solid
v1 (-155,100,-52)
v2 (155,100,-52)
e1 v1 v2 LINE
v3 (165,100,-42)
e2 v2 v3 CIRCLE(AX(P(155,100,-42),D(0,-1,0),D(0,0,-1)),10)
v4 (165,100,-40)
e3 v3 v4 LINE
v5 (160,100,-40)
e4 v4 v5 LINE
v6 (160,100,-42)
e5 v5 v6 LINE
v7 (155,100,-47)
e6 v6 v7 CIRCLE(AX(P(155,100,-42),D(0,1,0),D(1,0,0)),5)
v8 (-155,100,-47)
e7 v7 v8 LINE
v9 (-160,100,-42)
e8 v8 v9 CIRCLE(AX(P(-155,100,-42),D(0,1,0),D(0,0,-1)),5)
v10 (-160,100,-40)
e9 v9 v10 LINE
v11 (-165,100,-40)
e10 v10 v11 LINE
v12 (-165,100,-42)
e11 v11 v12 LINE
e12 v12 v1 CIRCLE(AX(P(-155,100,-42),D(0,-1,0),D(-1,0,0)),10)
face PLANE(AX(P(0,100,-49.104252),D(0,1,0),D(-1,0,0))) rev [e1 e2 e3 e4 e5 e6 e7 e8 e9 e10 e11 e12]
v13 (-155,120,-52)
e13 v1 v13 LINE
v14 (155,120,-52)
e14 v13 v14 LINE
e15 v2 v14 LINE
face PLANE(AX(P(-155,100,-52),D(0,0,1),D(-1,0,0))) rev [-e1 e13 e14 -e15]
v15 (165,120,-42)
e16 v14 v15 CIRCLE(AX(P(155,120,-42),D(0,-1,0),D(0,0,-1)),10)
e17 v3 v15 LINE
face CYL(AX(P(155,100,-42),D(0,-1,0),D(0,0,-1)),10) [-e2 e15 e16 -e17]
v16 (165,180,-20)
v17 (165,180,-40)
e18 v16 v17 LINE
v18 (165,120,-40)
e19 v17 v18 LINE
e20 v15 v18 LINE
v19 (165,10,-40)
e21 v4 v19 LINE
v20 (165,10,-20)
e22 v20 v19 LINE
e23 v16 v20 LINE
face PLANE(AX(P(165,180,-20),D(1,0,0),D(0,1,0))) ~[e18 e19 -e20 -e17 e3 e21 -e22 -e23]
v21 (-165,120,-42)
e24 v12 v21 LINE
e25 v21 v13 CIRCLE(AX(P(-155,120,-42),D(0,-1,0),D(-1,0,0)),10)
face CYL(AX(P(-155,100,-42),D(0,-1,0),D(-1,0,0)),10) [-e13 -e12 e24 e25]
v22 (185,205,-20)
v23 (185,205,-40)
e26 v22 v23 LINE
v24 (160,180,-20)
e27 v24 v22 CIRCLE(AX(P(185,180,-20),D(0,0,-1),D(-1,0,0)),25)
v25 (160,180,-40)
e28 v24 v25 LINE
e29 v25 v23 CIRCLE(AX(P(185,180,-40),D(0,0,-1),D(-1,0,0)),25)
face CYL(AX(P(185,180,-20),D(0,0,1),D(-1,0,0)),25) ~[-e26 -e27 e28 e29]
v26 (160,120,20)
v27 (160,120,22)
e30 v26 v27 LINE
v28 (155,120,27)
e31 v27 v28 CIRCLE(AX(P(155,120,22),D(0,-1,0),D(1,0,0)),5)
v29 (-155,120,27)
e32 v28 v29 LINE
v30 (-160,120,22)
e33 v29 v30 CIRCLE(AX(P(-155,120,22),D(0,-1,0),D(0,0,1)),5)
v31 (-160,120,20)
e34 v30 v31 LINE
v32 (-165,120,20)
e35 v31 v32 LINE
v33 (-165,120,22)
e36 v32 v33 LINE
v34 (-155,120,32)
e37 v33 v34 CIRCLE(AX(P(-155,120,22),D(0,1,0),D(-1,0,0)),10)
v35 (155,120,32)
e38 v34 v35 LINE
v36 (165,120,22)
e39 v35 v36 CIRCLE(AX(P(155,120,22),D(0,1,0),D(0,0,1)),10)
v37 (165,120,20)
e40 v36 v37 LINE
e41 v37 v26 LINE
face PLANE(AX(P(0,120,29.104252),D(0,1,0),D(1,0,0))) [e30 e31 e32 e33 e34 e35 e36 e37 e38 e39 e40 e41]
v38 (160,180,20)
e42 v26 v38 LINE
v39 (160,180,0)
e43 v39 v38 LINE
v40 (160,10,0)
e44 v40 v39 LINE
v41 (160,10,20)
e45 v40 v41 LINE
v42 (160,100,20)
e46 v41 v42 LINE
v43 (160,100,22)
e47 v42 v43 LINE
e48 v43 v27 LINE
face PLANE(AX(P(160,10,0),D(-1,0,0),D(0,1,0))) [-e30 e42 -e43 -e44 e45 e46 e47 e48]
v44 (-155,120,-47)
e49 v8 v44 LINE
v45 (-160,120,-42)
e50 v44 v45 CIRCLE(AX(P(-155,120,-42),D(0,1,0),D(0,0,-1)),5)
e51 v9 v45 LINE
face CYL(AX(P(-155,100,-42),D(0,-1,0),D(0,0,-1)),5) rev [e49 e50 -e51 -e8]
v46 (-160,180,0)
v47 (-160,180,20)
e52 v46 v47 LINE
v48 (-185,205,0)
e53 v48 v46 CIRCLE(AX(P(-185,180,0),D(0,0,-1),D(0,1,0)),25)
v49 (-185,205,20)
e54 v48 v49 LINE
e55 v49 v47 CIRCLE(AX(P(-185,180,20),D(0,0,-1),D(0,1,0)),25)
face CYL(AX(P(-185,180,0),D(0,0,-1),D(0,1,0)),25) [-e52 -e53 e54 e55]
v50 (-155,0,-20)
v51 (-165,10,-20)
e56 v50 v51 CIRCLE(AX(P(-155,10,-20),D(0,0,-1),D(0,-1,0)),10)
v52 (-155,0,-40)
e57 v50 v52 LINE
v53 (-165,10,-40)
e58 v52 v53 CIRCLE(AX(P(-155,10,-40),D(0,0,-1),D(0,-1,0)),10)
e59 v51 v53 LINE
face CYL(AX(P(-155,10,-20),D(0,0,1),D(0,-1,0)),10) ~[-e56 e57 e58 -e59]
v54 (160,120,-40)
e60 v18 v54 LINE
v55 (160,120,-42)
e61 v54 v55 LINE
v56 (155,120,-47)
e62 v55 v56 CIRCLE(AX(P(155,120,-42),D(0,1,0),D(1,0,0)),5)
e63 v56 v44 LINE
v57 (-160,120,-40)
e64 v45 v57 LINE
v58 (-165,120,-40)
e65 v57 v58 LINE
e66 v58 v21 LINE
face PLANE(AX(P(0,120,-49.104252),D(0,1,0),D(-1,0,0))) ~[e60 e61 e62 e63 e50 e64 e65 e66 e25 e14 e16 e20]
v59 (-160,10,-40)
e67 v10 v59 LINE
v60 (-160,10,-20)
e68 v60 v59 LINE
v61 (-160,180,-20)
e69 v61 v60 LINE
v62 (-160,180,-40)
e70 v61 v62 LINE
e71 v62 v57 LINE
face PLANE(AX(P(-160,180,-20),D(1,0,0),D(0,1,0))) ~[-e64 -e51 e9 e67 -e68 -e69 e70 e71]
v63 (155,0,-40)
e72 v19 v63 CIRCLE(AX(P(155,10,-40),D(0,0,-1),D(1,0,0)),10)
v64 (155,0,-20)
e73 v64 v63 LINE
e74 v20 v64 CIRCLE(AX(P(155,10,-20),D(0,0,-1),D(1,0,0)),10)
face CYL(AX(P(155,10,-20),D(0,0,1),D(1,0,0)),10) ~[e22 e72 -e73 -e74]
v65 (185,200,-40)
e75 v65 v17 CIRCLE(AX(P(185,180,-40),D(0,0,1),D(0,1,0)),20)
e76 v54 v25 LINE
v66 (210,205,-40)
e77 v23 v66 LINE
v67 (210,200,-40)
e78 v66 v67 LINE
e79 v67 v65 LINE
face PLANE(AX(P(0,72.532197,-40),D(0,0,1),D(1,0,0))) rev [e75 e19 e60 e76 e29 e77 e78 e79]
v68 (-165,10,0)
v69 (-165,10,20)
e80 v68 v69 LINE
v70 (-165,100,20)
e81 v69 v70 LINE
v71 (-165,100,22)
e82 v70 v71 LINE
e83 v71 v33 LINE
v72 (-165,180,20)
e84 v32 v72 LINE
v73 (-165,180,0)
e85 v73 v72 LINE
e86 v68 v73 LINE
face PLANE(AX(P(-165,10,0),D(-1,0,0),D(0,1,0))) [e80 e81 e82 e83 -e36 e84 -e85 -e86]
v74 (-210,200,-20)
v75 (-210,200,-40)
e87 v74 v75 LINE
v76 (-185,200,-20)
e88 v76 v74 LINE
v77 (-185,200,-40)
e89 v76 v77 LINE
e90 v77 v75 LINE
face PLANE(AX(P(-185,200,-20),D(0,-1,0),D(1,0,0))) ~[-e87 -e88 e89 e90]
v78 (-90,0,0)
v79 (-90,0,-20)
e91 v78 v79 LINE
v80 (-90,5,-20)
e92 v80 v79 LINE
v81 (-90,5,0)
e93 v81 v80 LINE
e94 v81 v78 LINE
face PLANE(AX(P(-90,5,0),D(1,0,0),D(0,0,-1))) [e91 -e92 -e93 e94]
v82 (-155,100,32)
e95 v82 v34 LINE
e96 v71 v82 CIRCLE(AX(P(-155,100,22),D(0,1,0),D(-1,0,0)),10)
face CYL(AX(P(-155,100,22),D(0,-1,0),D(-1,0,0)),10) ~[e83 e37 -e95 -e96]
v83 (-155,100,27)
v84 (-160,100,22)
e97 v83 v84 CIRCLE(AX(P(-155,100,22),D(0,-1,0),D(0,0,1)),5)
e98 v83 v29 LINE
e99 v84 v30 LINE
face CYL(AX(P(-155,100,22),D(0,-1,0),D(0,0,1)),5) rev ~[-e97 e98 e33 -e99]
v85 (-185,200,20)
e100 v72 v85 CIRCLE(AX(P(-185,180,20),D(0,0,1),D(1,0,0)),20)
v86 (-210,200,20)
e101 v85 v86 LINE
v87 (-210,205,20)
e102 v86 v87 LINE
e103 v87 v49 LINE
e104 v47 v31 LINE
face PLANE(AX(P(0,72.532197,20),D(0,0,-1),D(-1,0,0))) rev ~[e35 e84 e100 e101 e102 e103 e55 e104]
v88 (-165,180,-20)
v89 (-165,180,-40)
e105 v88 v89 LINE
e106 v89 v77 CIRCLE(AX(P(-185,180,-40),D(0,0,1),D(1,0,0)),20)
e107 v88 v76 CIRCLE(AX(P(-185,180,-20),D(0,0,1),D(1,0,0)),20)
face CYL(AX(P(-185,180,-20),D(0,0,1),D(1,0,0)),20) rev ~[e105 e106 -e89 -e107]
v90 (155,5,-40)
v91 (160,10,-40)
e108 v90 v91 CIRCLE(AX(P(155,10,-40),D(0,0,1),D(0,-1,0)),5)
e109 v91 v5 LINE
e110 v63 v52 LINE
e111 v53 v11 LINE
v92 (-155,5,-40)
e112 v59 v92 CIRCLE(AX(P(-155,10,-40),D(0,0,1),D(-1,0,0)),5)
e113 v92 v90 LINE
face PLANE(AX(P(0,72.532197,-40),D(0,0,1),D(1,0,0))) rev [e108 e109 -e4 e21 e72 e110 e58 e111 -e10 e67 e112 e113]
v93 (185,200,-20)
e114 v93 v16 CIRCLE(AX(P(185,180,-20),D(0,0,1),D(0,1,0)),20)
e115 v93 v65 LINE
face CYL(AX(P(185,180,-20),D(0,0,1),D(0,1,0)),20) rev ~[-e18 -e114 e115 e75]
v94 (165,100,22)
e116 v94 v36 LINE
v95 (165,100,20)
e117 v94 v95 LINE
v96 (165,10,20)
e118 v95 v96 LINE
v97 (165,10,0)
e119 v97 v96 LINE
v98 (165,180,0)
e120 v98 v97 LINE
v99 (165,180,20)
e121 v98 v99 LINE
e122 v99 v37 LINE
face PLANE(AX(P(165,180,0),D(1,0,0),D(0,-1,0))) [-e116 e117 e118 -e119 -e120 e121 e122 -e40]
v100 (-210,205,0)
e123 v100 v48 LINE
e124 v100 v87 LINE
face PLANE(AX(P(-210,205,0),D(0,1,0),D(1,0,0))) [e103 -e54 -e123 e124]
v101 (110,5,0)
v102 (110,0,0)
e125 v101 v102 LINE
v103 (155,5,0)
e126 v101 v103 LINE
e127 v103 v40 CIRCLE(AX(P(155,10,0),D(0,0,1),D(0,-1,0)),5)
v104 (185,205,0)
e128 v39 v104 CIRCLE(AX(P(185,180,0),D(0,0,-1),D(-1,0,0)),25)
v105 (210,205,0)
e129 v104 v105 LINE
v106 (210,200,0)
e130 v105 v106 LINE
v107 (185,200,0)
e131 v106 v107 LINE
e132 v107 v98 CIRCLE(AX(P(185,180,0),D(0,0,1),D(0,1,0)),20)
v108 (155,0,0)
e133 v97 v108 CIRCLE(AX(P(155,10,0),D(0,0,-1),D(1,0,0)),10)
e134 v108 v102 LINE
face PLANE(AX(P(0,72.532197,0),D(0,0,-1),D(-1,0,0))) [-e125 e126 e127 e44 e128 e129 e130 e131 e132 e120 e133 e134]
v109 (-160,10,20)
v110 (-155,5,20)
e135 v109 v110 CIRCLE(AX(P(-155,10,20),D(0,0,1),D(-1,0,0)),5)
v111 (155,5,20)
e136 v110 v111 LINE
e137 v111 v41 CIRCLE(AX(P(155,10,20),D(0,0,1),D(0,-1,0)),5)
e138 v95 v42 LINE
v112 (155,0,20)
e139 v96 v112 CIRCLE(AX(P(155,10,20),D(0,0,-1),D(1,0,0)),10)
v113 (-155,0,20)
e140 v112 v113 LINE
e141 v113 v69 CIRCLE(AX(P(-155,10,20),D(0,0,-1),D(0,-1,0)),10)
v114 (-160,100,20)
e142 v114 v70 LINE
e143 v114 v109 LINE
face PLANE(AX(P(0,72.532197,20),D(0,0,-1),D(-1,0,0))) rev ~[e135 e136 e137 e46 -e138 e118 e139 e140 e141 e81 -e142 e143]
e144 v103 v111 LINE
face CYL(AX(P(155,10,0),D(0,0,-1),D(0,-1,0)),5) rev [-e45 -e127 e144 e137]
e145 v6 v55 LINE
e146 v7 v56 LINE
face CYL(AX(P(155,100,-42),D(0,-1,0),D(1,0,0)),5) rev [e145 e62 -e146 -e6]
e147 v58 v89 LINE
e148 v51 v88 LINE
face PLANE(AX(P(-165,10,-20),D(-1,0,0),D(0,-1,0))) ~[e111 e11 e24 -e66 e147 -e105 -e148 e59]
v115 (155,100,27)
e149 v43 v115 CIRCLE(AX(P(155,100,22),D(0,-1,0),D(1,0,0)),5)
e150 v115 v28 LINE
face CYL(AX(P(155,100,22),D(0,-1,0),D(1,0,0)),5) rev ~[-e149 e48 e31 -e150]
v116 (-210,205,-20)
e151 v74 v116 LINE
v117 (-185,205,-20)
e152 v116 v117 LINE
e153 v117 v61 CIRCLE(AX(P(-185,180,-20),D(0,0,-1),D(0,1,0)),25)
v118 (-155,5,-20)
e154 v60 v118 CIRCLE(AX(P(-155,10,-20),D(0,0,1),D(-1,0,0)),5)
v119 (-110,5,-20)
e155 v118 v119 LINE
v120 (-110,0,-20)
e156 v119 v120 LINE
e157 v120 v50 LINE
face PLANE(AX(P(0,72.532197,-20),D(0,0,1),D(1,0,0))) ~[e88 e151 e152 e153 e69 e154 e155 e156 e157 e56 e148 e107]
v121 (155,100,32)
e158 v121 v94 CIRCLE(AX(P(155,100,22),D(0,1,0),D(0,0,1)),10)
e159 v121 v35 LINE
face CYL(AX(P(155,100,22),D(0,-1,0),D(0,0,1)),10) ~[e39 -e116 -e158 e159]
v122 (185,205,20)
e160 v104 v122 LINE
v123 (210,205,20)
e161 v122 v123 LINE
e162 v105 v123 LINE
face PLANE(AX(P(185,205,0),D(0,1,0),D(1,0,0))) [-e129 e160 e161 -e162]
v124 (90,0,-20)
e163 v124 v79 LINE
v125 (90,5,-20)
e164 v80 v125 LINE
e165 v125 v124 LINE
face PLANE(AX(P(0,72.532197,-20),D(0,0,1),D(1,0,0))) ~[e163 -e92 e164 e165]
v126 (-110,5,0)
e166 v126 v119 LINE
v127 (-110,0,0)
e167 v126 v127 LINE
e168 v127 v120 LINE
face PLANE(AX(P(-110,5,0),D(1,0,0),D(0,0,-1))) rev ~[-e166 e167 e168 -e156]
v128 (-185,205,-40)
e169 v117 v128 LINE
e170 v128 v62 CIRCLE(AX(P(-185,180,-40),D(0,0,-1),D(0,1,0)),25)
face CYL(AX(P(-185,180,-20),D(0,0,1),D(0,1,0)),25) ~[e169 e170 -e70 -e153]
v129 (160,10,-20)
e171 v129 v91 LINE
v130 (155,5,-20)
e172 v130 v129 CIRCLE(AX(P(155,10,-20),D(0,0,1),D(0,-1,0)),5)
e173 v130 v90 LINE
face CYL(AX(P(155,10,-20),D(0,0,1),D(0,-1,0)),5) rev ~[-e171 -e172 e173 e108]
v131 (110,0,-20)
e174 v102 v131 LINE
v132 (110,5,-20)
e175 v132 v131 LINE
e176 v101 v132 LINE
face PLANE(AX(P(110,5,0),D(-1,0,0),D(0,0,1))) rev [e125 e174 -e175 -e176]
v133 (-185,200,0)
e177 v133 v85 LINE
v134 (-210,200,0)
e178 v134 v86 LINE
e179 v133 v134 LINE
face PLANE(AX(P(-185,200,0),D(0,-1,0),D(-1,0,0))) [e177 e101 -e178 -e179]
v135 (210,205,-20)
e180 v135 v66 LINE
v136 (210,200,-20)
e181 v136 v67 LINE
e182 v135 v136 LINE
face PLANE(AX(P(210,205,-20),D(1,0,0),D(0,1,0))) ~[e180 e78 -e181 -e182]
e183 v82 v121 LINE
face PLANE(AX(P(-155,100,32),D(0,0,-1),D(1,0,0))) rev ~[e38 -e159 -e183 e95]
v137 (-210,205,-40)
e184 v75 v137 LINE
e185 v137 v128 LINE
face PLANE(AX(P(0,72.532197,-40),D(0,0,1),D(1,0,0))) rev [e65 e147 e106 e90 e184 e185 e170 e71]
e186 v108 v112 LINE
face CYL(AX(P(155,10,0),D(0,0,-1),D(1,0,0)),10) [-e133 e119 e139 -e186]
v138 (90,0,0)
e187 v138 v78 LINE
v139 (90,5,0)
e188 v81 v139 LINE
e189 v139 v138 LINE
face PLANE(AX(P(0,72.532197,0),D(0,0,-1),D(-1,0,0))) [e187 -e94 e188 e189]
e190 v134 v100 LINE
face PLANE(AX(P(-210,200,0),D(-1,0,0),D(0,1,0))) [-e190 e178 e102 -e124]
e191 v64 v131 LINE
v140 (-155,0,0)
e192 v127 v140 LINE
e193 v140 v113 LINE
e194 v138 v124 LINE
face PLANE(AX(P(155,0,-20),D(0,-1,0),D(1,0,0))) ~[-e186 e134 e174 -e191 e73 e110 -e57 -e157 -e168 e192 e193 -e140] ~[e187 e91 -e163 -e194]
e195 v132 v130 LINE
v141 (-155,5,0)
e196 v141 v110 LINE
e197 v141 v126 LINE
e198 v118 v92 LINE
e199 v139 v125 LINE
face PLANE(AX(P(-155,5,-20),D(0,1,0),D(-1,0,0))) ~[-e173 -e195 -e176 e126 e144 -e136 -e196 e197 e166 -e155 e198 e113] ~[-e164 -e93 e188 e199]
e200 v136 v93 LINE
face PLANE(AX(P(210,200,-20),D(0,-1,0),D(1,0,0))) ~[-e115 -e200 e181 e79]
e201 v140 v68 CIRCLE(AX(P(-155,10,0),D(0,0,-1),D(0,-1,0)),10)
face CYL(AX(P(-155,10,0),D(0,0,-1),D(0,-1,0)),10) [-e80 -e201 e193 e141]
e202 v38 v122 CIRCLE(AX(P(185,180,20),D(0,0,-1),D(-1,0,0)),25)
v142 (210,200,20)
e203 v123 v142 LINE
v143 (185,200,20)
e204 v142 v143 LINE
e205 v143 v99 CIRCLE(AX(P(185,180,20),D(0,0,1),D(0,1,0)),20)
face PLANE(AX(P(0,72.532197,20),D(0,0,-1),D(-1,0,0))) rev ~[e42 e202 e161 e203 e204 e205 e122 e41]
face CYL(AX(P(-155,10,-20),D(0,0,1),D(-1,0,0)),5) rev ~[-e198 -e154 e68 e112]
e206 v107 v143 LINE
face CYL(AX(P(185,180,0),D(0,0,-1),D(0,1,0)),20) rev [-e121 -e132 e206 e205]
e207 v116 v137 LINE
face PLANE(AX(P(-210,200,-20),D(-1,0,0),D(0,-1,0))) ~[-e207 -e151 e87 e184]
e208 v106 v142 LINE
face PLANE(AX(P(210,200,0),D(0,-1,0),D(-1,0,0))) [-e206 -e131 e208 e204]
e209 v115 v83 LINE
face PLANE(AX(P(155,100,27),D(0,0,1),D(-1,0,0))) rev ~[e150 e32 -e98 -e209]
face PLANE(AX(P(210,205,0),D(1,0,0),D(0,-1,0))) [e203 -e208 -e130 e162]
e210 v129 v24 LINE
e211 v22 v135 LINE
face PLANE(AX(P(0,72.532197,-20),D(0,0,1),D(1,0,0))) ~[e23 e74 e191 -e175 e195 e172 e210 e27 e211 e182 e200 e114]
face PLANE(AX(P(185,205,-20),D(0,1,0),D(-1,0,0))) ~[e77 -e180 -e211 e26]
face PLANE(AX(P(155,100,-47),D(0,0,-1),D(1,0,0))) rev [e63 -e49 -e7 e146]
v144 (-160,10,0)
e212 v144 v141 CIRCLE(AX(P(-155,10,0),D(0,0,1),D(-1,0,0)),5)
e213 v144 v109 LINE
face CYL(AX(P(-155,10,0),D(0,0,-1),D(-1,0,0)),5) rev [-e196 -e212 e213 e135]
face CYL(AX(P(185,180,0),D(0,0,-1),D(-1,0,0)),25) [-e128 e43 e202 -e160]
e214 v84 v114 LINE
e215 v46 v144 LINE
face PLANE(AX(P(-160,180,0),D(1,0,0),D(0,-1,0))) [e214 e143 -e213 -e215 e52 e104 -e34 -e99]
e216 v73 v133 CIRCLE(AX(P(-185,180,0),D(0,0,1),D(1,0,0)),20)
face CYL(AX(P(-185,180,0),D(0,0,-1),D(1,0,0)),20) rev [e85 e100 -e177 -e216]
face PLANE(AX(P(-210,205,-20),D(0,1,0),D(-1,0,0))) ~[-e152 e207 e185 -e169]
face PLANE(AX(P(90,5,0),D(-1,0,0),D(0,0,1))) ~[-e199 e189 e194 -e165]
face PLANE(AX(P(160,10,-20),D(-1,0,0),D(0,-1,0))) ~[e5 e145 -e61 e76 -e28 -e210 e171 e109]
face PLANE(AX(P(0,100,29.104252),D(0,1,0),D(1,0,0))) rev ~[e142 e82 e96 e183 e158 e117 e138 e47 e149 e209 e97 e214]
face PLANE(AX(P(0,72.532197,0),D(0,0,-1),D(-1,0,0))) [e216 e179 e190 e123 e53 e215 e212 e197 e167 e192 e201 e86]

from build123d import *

# Parameters (mm, degrees)
EXTRUDE_1_DEPTH   = 20
EXTRUDE_2_DEPTH   = 20
SKETCH_3_W        = 20
SKETCH_3_H        = 20
EXTRUDE_1_2_DEPTH = 5


with BuildPart() as part:
    # 草图1 → Extrude 1 (new body)
    with BuildSketch(Plane.XY):
        with BuildLine():
            Line((210, 200), (185, 200))
            ThreePointArc((185, 200), (170.857864376, 194.142135624), (165, 180))
            Line((165, 180), (165, 10))
            ThreePointArc((165, 10), (162.071067812, 2.928932188), (155, 0))
            Line((155, 0), (-155, 0))
            ThreePointArc((-155, 0), (-162.071067812, 2.928932188), (-165, 10))
            Line((-165, 10), (-165, 180))
            ThreePointArc((-165, 180), (-170.857864376, 194.142135624), (-185, 200))
            Line((-185, 200), (-210, 200))
            Line((-210, 200), (-210, 205))
            Line((-210, 205), (-185, 205))
            ThreePointArc((-185, 205), (-167.32233047, 197.67766953), (-160, 180))
            Line((-160, 180), (-160, 10))
            ThreePointArc((-160, 10), (-158.535533906, 6.464466094), (-155, 5))
            Line((-155, 5), (155, 5))
            ThreePointArc((155, 5), (158.535533906, 6.464466094), (160, 10))
            Line((160, 10), (160, 180))
            ThreePointArc((160, 180), (167.32233047, 197.67766953), (185, 205))
            Line((185, 205), (210, 205))
            Line((210, 205), (210, 200))
        make_face()
    extrude(amount=EXTRUDE_1_DEPTH)

    # 草图2 → 拉伸-薄壁2 (add)
    with BuildSketch(Plane(origin=(0, 100, 0), x_dir=(1, 0, 0), z_dir=(0, 1, 0))):
        with BuildLine():
            Line((-165, -20), (-165, -22))
            ThreePointArc((-165, -22), (-162.071067812, -29.071067812), (-155, -32))
            Line((-155, -32), (155, -32))
            ThreePointArc((155, -32), (162.071067812, -29.071067812), (165, -22))
            Line((165, -22), (165, -20))
            Line((165, -20), (160, -20))
            Line((160, -20), (160, -22))
            ThreePointArc((160, -22), (158.535533906, -25.535533906), (155, -27))
            Line((155, -27), (-155, -27))
            ThreePointArc((-155, -27), (-158.535533906, -25.535533906), (-160, -22))
            Line((-160, -22), (-160, -20))
            Line((-160, -20), (-165, -20))
        make_face()
    extrude(amount=EXTRUDE_2_DEPTH)


with BuildPart() as body_2:
    # 镜向3: mirrored copy
    add(part.part.mirror(Plane.XY.offset(-10)))


with BuildPart() as part_1:
    add(part.part)

    add(body_2.part)  # Extrude 1 2 merges body 2
    # 草图3 → Extrude 1 2 (add)
    with BuildSketch(Plane(origin=(0, 5, 0), x_dir=(1, 0, 0), z_dir=(0, 1, 0))):
        with Locations((-100, 10)):
            Rectangle(SKETCH_3_W, SKETCH_3_H)
    extrude_1_2 = extrude(amount=-EXTRUDE_1_2_DEPTH)

    # 镜向4: Extrude 1 2 across plane
    add(extrude_1_2.mirror(Plane(origin=(0, 0, 0), x_dir=(0, 0, 1), z_dir=(1, 0, 0))))


solid = part_1.part
